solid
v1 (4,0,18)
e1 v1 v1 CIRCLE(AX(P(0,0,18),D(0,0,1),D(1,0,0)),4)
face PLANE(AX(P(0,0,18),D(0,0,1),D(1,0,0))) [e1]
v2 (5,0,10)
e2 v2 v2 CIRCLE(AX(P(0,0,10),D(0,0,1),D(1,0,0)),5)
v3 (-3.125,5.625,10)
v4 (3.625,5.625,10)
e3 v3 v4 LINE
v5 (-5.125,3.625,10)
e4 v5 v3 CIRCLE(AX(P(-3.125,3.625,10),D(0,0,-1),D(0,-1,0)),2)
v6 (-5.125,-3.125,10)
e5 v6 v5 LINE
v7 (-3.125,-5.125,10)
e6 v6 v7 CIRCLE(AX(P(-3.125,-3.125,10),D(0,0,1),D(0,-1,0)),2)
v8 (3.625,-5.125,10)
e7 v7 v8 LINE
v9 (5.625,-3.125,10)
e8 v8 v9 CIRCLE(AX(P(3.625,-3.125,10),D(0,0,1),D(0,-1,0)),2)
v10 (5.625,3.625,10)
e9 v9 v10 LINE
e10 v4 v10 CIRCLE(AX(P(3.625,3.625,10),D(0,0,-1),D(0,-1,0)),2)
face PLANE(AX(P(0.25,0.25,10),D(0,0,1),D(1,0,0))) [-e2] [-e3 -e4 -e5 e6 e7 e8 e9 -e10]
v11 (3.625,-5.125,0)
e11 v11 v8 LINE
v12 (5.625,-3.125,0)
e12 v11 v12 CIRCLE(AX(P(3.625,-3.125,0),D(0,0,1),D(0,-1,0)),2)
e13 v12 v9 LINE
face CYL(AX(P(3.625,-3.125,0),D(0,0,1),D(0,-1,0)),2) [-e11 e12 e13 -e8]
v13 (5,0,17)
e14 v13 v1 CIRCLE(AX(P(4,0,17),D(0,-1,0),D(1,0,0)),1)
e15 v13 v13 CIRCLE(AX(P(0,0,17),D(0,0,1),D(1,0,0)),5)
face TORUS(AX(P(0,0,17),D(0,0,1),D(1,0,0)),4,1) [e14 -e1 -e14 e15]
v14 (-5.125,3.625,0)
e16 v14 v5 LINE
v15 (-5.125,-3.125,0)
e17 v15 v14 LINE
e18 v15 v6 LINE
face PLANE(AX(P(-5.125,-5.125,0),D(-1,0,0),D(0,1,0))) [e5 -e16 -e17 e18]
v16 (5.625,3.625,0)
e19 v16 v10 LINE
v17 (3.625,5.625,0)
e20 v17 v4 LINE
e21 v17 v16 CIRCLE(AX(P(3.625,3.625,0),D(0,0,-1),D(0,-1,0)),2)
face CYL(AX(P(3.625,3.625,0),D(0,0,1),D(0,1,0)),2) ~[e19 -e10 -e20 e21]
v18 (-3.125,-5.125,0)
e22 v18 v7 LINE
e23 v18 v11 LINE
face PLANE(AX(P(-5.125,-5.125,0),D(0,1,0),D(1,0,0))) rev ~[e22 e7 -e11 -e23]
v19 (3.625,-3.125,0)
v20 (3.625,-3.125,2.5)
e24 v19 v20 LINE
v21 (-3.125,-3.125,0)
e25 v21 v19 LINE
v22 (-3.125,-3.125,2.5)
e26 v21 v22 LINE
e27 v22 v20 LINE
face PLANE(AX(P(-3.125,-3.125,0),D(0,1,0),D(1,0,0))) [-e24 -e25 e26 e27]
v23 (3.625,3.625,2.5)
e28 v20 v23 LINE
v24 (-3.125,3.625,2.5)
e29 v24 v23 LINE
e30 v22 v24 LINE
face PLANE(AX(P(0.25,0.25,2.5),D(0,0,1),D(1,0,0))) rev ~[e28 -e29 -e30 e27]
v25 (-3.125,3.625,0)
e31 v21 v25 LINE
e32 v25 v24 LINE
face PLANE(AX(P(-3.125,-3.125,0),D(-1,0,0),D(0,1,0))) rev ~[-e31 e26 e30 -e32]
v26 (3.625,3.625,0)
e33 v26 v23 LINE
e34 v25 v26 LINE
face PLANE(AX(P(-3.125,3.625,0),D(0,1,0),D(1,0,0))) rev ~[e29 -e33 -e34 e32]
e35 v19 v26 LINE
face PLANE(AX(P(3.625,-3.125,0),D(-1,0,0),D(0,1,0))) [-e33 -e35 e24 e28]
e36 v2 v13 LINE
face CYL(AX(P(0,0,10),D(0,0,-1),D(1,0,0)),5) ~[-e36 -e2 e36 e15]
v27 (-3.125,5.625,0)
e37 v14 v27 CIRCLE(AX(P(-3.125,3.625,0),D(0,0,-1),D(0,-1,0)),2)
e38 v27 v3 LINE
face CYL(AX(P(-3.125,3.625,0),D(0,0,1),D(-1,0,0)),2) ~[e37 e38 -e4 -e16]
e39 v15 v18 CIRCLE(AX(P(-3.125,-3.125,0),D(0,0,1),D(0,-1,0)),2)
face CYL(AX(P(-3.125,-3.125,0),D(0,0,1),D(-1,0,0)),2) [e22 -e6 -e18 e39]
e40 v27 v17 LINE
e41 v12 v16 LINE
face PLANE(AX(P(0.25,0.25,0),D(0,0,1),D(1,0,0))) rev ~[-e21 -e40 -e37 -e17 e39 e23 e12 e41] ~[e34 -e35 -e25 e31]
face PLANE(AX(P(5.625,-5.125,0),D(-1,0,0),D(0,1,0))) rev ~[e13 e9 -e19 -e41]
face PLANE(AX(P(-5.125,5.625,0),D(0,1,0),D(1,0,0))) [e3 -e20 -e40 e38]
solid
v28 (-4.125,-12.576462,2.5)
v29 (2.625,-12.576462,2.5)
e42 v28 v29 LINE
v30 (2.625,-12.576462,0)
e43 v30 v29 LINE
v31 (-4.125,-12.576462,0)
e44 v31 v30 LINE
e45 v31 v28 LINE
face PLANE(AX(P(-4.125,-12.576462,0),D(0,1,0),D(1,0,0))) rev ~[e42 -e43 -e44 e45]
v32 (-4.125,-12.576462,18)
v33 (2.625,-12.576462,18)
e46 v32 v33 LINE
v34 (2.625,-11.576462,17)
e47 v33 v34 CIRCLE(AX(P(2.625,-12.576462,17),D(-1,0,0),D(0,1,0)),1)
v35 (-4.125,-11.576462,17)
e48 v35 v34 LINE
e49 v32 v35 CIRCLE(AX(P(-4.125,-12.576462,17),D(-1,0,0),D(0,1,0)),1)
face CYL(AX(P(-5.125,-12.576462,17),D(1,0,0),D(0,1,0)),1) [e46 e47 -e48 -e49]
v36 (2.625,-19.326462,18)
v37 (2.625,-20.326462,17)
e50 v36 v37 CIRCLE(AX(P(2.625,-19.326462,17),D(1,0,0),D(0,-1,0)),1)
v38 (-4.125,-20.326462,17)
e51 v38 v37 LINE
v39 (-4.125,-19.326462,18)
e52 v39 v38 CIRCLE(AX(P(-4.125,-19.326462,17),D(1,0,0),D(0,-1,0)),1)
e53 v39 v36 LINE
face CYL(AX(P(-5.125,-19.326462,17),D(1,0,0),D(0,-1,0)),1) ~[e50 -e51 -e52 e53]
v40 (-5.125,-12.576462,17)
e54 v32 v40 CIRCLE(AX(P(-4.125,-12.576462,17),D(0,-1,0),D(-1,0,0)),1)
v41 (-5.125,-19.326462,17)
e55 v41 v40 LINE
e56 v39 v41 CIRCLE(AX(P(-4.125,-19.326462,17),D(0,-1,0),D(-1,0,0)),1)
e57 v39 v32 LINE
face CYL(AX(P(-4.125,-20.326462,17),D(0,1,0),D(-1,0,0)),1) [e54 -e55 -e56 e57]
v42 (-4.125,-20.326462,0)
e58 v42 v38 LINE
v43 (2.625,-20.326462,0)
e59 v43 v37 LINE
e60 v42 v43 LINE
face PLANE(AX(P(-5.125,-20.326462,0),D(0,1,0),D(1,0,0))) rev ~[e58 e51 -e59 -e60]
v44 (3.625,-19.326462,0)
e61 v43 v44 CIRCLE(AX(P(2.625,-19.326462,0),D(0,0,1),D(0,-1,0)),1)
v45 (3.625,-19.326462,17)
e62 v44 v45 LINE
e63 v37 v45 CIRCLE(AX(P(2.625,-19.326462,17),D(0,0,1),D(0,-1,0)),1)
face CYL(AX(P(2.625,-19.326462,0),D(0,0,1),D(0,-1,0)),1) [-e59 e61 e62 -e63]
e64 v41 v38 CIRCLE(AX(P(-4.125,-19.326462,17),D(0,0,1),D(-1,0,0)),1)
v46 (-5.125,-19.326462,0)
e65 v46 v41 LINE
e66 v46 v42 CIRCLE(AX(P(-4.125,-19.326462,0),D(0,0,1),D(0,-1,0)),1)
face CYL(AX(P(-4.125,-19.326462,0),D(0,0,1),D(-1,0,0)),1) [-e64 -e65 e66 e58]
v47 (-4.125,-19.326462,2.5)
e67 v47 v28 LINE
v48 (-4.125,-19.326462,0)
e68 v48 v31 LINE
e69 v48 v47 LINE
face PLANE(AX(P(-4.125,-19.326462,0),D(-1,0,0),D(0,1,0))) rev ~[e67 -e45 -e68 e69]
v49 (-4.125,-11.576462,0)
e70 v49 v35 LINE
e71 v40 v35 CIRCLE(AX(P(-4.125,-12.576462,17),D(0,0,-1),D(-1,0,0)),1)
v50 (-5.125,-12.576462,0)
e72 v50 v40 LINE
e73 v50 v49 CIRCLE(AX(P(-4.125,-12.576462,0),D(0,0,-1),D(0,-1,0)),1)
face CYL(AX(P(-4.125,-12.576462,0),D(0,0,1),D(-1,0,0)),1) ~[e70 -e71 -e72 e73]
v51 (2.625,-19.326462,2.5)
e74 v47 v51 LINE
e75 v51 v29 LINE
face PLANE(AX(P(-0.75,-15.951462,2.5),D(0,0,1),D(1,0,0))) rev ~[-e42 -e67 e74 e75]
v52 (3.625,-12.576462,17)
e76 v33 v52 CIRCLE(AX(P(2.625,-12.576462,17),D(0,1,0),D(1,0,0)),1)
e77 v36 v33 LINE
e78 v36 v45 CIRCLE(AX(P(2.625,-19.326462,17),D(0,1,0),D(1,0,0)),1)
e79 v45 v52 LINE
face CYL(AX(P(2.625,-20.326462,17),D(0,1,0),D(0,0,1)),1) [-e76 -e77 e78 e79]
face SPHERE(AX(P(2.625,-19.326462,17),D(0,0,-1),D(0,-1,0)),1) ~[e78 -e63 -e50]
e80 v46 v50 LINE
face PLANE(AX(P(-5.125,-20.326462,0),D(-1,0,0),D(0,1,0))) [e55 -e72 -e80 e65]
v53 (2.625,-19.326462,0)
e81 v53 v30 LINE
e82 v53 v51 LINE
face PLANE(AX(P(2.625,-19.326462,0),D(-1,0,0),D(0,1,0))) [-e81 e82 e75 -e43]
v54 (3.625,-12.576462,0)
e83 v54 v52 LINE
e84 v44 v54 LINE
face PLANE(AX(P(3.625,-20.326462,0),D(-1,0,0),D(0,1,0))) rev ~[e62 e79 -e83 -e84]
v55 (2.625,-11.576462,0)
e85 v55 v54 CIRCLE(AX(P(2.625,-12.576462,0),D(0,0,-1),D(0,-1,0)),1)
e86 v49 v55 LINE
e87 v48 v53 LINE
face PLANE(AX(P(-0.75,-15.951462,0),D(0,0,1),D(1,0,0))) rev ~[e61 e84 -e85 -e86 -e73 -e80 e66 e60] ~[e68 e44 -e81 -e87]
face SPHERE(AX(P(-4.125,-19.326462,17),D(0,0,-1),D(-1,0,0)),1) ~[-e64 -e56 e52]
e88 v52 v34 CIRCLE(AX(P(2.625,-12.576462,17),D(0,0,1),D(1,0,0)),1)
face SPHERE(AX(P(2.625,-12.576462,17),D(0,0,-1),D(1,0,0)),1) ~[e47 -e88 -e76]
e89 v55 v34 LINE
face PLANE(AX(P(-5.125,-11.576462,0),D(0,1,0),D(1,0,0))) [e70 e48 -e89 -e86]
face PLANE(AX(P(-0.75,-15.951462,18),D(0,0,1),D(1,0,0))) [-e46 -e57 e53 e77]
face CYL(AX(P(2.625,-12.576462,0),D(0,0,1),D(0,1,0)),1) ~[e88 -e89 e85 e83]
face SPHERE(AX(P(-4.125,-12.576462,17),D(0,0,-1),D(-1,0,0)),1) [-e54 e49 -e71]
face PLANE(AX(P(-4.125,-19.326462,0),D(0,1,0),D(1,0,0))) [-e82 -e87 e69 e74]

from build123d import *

# Parameters (mm, degrees)
F0_W     = 10.75
F0_H     = 10.75
F0_W_2   = 6.75
F0_H_2   = 6.75
F1_DEPTH = 10
F2_DEPTH = 2.5
F3_R     = 5
F4_DEPTH = 8
F5_R     = 2
F6_R     = 1
F7_W     = 8.75
F7_H     = 8.75
F7_W_2   = 6.75
F7_H_2   = 6.75
F8_DEPTH = 18
F9_DEPTH = 2.5
F10_R    = 1


with BuildPart() as f1:
    # F0 (on Top) → F1 (new body)
    with BuildSketch(Plane.XY):
        with Locations((0.25, 0.25)):
            Rectangle(F0_W, F0_H)
        with Locations((0.25, 0.25)):
            Rectangle(F0_W_2, F0_H_2, mode=Mode.SUBTRACT)
        with Locations((0.25, 0.25)):
            Rectangle(F0_W_2, F0_H_2)
    extrude(amount=F1_DEPTH)

    # F0 (on Top) → F2 (cut)
    with BuildSketch(Plane.XY):
        with Locations((0.25, 0.25)):
            Rectangle(F0_W_2, F0_H_2)
    extrude(amount=F2_DEPTH, mode=Mode.SUBTRACT)

    # F3 (on face) → F4 (join)
    with BuildSketch(Plane.XY.offset(10)):
        Circle(F3_R)
    extrude(amount=F4_DEPTH)

    # F5
    f5_edges = [f1.edges().sort_by_distance(p)[0] for p in [
        (-5.125, -5.125, 5),
        (5.625, -5.125, 5),
        (5.625, 5.625, 5),
        (-5.125, 5.625, 5),
    ]]
    fillet(f5_edges, radius=F5_R)

    # F6
    f6_edges = [f1.edges().sort_by_distance(p)[0] for p in [
        (-5, 0, 18),
    ]]
    fillet(f6_edges, radius=F6_R)


with BuildPart() as f8:
    # F7 (on Top) → F8 (new body)
    with BuildSketch(Plane.XY):
        with Locations((-0.75, -15.951462)):
            Rectangle(F7_W, F7_H)
        with Locations((-0.75, -15.951462)):
            Rectangle(F7_W_2, F7_H_2, mode=Mode.SUBTRACT)
        with Locations((-0.75, -15.951462)):
            Rectangle(F7_W_2, F7_H_2)
    extrude(amount=F8_DEPTH)

    # F7 (on Top) → F9 (cut)
    with BuildSketch(Plane.XY):
        with Locations((-0.75, -15.951462)):
            Rectangle(F7_W_2, F7_H_2)
    extrude(amount=F9_DEPTH, mode=Mode.SUBTRACT)

    # F10
    f10_edges = [f8.edges().sort_by_distance(p)[0] for p in [
        (-5.125, -11.576462, 9),
        (3.625, -11.576462, 9),
        (-5.125, -20.326462, 9),
        (3.625, -20.326462, 9),
        (-5.125, -15.951462, 18),
        (-0.75, -20.326462, 18),
        (3.625, -15.951462, 18),
        (-0.75, -11.576462, 18),
    ]]
    fillet(f10_edges, radius=F10_R)


solid = Compound([f1.part, f8.part])
